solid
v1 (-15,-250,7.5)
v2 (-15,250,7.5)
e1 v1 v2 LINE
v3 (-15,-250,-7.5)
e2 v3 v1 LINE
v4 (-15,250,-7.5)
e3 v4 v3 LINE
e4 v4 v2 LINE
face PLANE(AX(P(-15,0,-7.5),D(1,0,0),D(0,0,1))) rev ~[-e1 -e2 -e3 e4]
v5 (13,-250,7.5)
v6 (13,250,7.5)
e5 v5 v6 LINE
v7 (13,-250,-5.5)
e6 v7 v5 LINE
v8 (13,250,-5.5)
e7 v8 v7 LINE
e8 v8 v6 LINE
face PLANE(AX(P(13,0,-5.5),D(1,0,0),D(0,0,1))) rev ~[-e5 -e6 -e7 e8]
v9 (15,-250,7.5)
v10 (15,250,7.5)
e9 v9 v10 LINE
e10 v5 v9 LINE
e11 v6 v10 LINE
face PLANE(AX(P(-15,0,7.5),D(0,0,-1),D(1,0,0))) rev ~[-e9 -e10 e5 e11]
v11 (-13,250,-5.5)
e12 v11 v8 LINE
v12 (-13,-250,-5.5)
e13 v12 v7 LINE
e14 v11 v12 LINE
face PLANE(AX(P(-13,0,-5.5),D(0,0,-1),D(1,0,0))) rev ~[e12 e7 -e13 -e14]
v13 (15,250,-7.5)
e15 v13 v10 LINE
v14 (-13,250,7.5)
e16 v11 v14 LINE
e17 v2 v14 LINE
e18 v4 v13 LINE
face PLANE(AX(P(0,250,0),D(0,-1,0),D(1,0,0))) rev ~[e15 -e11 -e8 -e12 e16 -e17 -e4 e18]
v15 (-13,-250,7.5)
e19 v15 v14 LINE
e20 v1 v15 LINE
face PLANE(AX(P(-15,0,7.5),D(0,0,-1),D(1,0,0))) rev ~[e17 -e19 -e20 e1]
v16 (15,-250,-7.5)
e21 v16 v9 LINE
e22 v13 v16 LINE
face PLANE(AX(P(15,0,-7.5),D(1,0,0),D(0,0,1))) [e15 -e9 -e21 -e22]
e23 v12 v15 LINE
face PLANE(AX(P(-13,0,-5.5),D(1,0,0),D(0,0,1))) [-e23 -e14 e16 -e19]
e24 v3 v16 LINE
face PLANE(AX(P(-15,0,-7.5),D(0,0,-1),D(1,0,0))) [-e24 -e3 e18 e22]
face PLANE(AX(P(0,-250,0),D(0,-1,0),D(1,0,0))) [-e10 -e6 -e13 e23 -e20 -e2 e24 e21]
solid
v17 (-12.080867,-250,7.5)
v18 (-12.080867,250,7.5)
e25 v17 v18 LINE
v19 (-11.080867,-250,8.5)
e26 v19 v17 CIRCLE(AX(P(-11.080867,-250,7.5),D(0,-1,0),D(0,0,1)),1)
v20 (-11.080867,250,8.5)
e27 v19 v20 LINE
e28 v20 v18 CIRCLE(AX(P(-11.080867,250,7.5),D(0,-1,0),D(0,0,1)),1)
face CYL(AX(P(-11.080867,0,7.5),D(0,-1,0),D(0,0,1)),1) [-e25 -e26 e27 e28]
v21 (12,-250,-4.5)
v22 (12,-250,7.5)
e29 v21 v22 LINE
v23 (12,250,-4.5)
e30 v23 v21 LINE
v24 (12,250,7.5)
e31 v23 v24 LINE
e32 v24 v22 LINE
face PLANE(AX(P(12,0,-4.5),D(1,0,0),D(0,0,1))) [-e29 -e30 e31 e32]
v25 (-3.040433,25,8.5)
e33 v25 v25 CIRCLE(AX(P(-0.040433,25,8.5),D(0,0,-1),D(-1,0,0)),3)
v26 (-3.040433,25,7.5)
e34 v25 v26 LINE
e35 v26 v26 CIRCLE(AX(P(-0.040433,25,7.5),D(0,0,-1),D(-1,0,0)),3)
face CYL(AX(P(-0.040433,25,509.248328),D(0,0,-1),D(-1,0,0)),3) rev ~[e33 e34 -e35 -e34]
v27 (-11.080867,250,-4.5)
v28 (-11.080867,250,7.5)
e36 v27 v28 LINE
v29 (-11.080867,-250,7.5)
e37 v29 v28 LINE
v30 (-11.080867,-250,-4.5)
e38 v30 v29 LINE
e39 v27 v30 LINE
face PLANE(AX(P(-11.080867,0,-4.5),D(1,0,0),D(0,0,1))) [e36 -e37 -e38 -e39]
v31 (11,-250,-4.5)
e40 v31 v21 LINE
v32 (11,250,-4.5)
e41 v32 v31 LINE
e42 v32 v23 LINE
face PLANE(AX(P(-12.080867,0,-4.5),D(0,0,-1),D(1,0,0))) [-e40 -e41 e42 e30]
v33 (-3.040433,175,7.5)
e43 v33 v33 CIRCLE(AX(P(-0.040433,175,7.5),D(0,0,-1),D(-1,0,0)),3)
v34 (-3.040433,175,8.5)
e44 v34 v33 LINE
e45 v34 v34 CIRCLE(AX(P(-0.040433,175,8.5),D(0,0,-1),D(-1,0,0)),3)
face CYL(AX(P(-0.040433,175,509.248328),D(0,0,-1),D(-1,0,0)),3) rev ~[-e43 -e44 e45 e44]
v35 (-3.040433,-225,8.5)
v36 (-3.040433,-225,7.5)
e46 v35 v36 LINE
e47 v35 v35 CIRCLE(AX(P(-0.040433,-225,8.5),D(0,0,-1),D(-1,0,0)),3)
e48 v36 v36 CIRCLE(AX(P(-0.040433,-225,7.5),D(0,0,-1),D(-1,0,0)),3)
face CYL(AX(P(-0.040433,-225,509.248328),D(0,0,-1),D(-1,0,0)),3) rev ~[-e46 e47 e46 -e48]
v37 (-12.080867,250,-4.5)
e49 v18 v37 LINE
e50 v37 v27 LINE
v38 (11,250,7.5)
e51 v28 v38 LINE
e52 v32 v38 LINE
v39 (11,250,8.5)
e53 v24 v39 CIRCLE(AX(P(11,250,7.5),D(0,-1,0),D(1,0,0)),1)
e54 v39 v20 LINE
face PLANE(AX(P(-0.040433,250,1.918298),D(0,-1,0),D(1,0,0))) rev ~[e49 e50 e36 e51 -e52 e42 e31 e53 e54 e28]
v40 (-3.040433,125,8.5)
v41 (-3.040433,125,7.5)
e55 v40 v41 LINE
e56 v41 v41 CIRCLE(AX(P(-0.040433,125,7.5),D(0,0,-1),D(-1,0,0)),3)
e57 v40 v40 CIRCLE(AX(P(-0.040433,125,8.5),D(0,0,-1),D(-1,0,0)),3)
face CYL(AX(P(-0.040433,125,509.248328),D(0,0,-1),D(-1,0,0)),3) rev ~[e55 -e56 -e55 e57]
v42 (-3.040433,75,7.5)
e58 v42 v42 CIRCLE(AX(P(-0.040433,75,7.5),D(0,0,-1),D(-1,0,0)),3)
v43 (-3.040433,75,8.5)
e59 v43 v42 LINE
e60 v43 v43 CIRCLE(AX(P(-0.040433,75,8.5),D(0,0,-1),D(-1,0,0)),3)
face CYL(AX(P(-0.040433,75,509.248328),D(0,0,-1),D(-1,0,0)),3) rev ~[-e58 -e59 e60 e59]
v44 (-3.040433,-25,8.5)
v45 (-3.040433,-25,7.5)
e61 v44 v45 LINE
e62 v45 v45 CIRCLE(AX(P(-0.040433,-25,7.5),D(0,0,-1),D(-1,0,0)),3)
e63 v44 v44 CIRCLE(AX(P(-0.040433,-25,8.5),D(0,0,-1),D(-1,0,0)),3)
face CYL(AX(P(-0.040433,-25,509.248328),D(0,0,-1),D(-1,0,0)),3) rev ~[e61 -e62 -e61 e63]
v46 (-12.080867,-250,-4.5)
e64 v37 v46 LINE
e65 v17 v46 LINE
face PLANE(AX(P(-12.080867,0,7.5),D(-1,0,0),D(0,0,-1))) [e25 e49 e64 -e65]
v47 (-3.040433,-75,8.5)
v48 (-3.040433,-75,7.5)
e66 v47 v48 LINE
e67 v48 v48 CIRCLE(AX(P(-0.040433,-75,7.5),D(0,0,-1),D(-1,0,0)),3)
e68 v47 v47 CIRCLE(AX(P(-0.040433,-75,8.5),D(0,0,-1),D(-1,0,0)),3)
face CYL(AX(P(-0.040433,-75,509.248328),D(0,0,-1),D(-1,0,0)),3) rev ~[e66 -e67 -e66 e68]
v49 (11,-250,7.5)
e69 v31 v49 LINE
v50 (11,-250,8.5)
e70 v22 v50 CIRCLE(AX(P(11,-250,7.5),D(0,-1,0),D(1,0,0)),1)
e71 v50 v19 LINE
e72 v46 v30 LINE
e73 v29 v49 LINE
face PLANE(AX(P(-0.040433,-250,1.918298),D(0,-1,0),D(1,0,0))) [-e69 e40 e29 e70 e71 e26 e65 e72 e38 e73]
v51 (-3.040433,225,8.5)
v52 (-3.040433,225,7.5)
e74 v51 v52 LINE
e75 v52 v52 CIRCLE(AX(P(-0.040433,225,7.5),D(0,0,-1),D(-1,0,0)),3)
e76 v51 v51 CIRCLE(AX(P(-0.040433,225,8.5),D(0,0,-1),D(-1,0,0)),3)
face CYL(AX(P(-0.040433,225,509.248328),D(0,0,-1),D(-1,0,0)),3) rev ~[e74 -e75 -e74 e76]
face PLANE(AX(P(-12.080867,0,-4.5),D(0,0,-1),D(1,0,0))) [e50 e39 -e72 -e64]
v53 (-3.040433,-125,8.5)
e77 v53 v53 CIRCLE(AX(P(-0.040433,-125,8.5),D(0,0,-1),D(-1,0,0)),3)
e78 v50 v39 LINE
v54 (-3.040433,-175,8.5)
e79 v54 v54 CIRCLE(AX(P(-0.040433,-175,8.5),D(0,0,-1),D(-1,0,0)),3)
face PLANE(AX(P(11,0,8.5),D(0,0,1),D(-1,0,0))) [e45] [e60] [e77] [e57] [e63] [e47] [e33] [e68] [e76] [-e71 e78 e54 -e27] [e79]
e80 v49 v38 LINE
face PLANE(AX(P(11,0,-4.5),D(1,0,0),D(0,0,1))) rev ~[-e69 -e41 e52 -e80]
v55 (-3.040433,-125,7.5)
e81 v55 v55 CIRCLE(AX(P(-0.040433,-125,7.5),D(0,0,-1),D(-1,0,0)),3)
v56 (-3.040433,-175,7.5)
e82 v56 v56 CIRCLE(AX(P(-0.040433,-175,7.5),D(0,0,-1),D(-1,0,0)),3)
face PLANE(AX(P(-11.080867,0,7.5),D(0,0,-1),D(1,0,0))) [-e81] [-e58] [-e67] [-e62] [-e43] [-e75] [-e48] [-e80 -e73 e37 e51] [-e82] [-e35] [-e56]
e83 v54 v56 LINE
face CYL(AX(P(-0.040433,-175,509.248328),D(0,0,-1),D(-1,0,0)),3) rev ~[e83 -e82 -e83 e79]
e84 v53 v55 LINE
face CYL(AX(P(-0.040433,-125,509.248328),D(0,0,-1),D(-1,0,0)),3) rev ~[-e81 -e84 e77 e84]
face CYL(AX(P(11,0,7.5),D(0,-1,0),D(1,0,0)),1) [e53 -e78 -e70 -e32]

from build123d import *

# Parameters (mm, degrees)
F0_W     = 30
F0_H     = 15
F2_DEPTH = 250
F1_W     = 26
F1_H     = 13
F3_DEPTH = 300
F6_DEPTH = 250
F5_W     = 22.0808668435
F5_H     = 12
F7_DEPTH = 300
F9_D     = 6


with BuildPart() as f2:
    # F0 (on Front) → F2 (new body, symmetric)
    with BuildSketch(Plane.XZ):
        Rectangle(F0_W, F0_H)
    extrude(amount=F2_DEPTH, both=True)

    # F1 (on face) → F3 (cut, symmetric)
    with BuildSketch(Plane.XZ):
        with Locations((0, 1)):
            Rectangle(F1_W, F1_H)
    extrude(amount=F3_DEPTH, both=True, mode=Mode.SUBTRACT)


with BuildPart() as f6:
    # F4 (on Front) → F6 (new body, symmetric)
    with BuildSketch(Plane.XZ):
        with BuildLine():
            Line((-12.0808668435, 7.5), (-12.0808668435, -4.5))
            Line((-12.0808668435, -4.5), (12, -4.5))
            Line((12, -4.5), (12, 7.5))
            ThreePointArc((12, 7.5), (11.7071067812, 8.2071067812), (11, 8.5))
            Line((11, 8.5), (-11.0808668435, 8.5))
            ThreePointArc((-11.0808668435, 8.5), (-11.7879736246, 8.2071067812), (-12.0808668435, 7.5))
        make_face()
    extrude(amount=F6_DEPTH, both=True)

    # F5 (on face) → F7 (cut, symmetric)
    with BuildSketch(Plane.XZ):
        with Locations((-0.0404334217, 1.5)):
            Rectangle(F5_W, F5_H)
    extrude(amount=F7_DEPTH, both=True, mode=Mode.SUBTRACT)

    # F9 (through all)
    with Locations(Plane.XY.offset(8.5)):
        with Locations((-0.0404334217, -225), (-0.0404334217, -175), (-0.0404334217, -125), (-0.0404334217, -75), (-0.0404334217, -25), (-0.0404334217, 25), (-0.0404334217, 75), (-0.0404334217, 125), (-0.0404334217, 175), (-0.0404334217, 225)):
            Hole(F9_D / 2)


solid = Compound([f2.part, f6.part])
